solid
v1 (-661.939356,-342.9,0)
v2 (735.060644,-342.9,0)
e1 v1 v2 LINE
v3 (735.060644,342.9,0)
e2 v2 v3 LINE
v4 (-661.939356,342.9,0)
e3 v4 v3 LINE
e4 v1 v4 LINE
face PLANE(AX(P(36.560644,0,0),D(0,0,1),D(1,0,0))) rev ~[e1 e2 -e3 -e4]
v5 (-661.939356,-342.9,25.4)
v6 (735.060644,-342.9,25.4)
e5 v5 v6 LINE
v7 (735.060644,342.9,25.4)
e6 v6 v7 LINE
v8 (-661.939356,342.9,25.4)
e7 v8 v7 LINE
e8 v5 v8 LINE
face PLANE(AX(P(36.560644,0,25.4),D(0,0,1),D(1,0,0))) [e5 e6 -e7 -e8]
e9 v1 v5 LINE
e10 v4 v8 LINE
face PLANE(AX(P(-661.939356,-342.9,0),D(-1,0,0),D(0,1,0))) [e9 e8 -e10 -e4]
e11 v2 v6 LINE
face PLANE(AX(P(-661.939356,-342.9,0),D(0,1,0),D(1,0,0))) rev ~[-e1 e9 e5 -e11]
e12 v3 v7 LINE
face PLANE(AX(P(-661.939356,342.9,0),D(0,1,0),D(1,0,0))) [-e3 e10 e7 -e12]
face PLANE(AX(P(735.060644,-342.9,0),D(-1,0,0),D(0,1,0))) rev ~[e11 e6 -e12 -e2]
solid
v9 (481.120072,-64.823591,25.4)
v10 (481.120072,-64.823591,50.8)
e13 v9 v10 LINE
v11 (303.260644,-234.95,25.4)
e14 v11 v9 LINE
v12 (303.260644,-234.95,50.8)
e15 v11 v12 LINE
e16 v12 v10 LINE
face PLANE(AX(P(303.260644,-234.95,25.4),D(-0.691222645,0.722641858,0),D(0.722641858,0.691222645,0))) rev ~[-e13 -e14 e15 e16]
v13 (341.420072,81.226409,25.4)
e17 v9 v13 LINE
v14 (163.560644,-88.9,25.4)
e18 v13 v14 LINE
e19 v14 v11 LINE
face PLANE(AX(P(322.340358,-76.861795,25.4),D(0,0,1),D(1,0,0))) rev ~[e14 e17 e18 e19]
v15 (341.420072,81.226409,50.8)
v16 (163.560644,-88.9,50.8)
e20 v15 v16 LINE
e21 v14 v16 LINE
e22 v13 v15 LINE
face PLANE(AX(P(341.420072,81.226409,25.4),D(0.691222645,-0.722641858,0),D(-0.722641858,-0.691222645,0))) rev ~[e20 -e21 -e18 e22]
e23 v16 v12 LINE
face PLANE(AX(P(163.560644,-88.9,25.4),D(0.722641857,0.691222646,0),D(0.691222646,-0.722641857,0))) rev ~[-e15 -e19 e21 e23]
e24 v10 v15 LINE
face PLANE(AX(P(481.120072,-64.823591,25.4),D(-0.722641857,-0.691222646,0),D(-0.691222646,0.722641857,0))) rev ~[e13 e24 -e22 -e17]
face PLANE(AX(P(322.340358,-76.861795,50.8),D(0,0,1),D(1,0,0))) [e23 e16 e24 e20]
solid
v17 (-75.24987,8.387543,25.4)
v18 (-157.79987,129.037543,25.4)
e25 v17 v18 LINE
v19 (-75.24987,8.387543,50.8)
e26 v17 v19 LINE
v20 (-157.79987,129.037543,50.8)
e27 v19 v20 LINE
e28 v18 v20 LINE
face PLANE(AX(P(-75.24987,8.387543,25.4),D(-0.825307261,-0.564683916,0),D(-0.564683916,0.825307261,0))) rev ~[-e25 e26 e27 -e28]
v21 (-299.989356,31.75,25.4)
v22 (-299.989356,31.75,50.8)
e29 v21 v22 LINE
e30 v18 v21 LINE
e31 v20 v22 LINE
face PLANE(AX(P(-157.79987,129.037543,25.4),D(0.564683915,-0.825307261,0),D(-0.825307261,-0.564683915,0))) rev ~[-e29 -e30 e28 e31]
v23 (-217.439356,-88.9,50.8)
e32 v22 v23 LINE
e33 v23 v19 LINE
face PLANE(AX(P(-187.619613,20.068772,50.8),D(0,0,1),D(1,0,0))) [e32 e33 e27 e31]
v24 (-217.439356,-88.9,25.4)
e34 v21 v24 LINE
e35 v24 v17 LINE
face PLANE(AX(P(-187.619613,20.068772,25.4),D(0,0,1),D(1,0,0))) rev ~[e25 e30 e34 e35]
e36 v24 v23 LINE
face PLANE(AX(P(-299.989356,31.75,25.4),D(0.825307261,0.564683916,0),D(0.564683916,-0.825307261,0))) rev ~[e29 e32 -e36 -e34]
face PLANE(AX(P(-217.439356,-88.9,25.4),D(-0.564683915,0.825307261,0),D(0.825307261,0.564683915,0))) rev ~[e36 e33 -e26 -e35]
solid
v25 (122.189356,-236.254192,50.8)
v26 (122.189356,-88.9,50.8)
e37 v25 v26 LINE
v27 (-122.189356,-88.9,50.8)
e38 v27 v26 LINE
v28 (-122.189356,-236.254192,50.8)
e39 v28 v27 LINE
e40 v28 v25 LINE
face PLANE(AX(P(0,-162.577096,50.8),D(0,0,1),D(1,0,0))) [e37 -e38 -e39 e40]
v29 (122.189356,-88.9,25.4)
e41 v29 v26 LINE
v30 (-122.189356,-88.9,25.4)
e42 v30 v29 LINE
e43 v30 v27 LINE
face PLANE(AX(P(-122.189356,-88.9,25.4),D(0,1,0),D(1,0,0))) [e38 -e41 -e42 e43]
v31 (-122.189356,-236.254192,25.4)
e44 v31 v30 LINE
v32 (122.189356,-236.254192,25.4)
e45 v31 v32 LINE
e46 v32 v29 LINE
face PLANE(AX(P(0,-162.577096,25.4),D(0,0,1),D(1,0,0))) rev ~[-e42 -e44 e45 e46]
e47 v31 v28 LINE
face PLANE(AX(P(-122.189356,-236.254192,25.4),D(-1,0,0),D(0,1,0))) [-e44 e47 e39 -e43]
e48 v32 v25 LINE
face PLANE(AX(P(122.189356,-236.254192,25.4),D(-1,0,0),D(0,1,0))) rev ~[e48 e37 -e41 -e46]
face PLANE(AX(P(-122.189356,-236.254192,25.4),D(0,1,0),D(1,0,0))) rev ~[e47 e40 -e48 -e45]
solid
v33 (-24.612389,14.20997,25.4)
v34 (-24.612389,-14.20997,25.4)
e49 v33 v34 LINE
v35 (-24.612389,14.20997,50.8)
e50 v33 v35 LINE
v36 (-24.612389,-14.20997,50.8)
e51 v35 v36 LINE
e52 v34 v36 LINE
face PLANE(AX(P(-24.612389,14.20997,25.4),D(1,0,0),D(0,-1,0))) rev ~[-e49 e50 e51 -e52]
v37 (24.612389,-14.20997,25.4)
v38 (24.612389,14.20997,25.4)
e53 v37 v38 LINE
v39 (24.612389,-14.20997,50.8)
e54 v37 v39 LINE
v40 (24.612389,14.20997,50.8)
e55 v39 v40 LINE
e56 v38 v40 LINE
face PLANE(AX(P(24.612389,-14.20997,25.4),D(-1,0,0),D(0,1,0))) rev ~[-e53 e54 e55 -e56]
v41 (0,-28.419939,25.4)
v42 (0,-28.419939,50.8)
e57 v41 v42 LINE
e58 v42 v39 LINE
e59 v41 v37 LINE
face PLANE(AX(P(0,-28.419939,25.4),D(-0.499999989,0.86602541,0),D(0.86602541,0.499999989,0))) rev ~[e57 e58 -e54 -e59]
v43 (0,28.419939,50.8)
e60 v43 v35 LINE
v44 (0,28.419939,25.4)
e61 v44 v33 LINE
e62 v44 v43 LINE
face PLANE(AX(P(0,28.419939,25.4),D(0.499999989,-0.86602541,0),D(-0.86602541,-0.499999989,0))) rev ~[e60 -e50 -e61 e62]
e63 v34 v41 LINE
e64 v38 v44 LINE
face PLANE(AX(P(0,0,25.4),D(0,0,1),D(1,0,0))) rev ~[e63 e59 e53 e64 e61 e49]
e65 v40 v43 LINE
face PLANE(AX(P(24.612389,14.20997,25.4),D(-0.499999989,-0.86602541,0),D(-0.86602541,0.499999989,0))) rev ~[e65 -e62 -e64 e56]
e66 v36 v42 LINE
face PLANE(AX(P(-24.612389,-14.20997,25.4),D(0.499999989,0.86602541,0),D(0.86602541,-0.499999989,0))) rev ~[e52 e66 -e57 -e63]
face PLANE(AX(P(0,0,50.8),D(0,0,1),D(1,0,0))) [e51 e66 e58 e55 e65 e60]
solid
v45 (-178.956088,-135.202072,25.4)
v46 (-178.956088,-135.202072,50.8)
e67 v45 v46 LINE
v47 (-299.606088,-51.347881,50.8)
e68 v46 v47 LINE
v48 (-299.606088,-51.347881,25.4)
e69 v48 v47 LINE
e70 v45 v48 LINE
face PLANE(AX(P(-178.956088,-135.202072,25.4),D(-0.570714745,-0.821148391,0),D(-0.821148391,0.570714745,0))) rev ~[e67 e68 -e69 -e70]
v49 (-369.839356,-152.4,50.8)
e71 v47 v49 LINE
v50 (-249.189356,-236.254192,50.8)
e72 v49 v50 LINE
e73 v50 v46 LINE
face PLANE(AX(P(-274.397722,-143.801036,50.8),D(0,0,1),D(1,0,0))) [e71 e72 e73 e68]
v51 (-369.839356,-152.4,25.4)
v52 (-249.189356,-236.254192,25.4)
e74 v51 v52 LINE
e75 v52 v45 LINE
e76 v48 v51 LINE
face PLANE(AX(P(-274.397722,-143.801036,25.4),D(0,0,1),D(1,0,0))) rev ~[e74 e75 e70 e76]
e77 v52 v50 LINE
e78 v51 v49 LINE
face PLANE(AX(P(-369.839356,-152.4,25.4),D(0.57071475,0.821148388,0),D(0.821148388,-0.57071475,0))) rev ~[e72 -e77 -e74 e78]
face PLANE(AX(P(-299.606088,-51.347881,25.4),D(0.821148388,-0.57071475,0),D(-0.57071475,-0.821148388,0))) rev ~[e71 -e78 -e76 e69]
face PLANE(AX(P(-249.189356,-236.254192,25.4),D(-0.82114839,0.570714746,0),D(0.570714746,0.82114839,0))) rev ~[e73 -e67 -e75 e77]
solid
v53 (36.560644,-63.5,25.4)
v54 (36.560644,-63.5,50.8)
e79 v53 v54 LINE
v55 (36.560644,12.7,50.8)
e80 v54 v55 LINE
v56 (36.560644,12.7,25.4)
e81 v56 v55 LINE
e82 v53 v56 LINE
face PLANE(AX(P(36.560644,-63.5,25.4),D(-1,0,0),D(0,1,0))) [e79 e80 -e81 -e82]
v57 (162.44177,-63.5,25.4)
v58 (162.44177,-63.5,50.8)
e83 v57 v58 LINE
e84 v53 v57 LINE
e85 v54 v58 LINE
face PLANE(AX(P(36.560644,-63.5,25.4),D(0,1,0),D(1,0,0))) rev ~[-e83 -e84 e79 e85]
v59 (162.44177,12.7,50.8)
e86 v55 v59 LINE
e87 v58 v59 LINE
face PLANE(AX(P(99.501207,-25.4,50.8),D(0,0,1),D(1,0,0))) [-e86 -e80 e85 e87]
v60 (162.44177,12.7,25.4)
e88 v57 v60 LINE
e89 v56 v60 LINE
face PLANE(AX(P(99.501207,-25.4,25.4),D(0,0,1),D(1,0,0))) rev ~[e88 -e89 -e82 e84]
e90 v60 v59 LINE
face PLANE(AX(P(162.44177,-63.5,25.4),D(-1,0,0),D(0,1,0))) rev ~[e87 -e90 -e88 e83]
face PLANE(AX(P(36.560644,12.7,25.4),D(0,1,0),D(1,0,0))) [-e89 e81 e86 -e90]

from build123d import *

# Parameters (mm, degrees)
F0_W     = 1397
F0_H     = 685.8
F1_DEPTH = 25.4
F2_W     = 244.378712
F2_H     = 147.354192
F2_W_2   = 125.881126
F2_H_2   = 76.2
F3_DEPTH = 25.4


with BuildPart() as f1:
    # F0 (on Top) → F1 (new body)
    with BuildSketch(Plane.XY):
        with Locations((36.560644, 0)):
            Rectangle(F0_W, F0_H)
    extrude(amount=F1_DEPTH)


with BuildPart() as f3:
    # F2 (on face) → F3 (new body)
    with BuildSketch(Plane.XY.offset(25.4)):
        with Locations((0, -162.577096)):
            Rectangle(F2_W, F2_H)
        Polygon((163.560644, -88.9), (303.260644, -234.95), (481.120072, -64.823591), (341.420072, 81.226409), align=None)
        Polygon((-217.439356, -88.9), (-75.24987, 8.387543), (-157.79987, 129.037543), (-299.989356, 31.75), align=None)
        Polygon((-249.189356, -236.254192), (-178.956088, -135.202072), (-299.606088, -51.347881), (-369.839356, -152.4), align=None)
        Polygon((24.612389, -14.20997), (24.612389, 14.20997), (0, 28.419939), (-24.612389, 14.20997), (-24.612389, -14.20997), (0, -28.419939), align=None)
        with Locations((99.501207, -25.4)):
            Rectangle(F2_W_2, F2_H_2)
    extrude(amount=F3_DEPTH)


solid = Compound([f1.part, f3.part])
